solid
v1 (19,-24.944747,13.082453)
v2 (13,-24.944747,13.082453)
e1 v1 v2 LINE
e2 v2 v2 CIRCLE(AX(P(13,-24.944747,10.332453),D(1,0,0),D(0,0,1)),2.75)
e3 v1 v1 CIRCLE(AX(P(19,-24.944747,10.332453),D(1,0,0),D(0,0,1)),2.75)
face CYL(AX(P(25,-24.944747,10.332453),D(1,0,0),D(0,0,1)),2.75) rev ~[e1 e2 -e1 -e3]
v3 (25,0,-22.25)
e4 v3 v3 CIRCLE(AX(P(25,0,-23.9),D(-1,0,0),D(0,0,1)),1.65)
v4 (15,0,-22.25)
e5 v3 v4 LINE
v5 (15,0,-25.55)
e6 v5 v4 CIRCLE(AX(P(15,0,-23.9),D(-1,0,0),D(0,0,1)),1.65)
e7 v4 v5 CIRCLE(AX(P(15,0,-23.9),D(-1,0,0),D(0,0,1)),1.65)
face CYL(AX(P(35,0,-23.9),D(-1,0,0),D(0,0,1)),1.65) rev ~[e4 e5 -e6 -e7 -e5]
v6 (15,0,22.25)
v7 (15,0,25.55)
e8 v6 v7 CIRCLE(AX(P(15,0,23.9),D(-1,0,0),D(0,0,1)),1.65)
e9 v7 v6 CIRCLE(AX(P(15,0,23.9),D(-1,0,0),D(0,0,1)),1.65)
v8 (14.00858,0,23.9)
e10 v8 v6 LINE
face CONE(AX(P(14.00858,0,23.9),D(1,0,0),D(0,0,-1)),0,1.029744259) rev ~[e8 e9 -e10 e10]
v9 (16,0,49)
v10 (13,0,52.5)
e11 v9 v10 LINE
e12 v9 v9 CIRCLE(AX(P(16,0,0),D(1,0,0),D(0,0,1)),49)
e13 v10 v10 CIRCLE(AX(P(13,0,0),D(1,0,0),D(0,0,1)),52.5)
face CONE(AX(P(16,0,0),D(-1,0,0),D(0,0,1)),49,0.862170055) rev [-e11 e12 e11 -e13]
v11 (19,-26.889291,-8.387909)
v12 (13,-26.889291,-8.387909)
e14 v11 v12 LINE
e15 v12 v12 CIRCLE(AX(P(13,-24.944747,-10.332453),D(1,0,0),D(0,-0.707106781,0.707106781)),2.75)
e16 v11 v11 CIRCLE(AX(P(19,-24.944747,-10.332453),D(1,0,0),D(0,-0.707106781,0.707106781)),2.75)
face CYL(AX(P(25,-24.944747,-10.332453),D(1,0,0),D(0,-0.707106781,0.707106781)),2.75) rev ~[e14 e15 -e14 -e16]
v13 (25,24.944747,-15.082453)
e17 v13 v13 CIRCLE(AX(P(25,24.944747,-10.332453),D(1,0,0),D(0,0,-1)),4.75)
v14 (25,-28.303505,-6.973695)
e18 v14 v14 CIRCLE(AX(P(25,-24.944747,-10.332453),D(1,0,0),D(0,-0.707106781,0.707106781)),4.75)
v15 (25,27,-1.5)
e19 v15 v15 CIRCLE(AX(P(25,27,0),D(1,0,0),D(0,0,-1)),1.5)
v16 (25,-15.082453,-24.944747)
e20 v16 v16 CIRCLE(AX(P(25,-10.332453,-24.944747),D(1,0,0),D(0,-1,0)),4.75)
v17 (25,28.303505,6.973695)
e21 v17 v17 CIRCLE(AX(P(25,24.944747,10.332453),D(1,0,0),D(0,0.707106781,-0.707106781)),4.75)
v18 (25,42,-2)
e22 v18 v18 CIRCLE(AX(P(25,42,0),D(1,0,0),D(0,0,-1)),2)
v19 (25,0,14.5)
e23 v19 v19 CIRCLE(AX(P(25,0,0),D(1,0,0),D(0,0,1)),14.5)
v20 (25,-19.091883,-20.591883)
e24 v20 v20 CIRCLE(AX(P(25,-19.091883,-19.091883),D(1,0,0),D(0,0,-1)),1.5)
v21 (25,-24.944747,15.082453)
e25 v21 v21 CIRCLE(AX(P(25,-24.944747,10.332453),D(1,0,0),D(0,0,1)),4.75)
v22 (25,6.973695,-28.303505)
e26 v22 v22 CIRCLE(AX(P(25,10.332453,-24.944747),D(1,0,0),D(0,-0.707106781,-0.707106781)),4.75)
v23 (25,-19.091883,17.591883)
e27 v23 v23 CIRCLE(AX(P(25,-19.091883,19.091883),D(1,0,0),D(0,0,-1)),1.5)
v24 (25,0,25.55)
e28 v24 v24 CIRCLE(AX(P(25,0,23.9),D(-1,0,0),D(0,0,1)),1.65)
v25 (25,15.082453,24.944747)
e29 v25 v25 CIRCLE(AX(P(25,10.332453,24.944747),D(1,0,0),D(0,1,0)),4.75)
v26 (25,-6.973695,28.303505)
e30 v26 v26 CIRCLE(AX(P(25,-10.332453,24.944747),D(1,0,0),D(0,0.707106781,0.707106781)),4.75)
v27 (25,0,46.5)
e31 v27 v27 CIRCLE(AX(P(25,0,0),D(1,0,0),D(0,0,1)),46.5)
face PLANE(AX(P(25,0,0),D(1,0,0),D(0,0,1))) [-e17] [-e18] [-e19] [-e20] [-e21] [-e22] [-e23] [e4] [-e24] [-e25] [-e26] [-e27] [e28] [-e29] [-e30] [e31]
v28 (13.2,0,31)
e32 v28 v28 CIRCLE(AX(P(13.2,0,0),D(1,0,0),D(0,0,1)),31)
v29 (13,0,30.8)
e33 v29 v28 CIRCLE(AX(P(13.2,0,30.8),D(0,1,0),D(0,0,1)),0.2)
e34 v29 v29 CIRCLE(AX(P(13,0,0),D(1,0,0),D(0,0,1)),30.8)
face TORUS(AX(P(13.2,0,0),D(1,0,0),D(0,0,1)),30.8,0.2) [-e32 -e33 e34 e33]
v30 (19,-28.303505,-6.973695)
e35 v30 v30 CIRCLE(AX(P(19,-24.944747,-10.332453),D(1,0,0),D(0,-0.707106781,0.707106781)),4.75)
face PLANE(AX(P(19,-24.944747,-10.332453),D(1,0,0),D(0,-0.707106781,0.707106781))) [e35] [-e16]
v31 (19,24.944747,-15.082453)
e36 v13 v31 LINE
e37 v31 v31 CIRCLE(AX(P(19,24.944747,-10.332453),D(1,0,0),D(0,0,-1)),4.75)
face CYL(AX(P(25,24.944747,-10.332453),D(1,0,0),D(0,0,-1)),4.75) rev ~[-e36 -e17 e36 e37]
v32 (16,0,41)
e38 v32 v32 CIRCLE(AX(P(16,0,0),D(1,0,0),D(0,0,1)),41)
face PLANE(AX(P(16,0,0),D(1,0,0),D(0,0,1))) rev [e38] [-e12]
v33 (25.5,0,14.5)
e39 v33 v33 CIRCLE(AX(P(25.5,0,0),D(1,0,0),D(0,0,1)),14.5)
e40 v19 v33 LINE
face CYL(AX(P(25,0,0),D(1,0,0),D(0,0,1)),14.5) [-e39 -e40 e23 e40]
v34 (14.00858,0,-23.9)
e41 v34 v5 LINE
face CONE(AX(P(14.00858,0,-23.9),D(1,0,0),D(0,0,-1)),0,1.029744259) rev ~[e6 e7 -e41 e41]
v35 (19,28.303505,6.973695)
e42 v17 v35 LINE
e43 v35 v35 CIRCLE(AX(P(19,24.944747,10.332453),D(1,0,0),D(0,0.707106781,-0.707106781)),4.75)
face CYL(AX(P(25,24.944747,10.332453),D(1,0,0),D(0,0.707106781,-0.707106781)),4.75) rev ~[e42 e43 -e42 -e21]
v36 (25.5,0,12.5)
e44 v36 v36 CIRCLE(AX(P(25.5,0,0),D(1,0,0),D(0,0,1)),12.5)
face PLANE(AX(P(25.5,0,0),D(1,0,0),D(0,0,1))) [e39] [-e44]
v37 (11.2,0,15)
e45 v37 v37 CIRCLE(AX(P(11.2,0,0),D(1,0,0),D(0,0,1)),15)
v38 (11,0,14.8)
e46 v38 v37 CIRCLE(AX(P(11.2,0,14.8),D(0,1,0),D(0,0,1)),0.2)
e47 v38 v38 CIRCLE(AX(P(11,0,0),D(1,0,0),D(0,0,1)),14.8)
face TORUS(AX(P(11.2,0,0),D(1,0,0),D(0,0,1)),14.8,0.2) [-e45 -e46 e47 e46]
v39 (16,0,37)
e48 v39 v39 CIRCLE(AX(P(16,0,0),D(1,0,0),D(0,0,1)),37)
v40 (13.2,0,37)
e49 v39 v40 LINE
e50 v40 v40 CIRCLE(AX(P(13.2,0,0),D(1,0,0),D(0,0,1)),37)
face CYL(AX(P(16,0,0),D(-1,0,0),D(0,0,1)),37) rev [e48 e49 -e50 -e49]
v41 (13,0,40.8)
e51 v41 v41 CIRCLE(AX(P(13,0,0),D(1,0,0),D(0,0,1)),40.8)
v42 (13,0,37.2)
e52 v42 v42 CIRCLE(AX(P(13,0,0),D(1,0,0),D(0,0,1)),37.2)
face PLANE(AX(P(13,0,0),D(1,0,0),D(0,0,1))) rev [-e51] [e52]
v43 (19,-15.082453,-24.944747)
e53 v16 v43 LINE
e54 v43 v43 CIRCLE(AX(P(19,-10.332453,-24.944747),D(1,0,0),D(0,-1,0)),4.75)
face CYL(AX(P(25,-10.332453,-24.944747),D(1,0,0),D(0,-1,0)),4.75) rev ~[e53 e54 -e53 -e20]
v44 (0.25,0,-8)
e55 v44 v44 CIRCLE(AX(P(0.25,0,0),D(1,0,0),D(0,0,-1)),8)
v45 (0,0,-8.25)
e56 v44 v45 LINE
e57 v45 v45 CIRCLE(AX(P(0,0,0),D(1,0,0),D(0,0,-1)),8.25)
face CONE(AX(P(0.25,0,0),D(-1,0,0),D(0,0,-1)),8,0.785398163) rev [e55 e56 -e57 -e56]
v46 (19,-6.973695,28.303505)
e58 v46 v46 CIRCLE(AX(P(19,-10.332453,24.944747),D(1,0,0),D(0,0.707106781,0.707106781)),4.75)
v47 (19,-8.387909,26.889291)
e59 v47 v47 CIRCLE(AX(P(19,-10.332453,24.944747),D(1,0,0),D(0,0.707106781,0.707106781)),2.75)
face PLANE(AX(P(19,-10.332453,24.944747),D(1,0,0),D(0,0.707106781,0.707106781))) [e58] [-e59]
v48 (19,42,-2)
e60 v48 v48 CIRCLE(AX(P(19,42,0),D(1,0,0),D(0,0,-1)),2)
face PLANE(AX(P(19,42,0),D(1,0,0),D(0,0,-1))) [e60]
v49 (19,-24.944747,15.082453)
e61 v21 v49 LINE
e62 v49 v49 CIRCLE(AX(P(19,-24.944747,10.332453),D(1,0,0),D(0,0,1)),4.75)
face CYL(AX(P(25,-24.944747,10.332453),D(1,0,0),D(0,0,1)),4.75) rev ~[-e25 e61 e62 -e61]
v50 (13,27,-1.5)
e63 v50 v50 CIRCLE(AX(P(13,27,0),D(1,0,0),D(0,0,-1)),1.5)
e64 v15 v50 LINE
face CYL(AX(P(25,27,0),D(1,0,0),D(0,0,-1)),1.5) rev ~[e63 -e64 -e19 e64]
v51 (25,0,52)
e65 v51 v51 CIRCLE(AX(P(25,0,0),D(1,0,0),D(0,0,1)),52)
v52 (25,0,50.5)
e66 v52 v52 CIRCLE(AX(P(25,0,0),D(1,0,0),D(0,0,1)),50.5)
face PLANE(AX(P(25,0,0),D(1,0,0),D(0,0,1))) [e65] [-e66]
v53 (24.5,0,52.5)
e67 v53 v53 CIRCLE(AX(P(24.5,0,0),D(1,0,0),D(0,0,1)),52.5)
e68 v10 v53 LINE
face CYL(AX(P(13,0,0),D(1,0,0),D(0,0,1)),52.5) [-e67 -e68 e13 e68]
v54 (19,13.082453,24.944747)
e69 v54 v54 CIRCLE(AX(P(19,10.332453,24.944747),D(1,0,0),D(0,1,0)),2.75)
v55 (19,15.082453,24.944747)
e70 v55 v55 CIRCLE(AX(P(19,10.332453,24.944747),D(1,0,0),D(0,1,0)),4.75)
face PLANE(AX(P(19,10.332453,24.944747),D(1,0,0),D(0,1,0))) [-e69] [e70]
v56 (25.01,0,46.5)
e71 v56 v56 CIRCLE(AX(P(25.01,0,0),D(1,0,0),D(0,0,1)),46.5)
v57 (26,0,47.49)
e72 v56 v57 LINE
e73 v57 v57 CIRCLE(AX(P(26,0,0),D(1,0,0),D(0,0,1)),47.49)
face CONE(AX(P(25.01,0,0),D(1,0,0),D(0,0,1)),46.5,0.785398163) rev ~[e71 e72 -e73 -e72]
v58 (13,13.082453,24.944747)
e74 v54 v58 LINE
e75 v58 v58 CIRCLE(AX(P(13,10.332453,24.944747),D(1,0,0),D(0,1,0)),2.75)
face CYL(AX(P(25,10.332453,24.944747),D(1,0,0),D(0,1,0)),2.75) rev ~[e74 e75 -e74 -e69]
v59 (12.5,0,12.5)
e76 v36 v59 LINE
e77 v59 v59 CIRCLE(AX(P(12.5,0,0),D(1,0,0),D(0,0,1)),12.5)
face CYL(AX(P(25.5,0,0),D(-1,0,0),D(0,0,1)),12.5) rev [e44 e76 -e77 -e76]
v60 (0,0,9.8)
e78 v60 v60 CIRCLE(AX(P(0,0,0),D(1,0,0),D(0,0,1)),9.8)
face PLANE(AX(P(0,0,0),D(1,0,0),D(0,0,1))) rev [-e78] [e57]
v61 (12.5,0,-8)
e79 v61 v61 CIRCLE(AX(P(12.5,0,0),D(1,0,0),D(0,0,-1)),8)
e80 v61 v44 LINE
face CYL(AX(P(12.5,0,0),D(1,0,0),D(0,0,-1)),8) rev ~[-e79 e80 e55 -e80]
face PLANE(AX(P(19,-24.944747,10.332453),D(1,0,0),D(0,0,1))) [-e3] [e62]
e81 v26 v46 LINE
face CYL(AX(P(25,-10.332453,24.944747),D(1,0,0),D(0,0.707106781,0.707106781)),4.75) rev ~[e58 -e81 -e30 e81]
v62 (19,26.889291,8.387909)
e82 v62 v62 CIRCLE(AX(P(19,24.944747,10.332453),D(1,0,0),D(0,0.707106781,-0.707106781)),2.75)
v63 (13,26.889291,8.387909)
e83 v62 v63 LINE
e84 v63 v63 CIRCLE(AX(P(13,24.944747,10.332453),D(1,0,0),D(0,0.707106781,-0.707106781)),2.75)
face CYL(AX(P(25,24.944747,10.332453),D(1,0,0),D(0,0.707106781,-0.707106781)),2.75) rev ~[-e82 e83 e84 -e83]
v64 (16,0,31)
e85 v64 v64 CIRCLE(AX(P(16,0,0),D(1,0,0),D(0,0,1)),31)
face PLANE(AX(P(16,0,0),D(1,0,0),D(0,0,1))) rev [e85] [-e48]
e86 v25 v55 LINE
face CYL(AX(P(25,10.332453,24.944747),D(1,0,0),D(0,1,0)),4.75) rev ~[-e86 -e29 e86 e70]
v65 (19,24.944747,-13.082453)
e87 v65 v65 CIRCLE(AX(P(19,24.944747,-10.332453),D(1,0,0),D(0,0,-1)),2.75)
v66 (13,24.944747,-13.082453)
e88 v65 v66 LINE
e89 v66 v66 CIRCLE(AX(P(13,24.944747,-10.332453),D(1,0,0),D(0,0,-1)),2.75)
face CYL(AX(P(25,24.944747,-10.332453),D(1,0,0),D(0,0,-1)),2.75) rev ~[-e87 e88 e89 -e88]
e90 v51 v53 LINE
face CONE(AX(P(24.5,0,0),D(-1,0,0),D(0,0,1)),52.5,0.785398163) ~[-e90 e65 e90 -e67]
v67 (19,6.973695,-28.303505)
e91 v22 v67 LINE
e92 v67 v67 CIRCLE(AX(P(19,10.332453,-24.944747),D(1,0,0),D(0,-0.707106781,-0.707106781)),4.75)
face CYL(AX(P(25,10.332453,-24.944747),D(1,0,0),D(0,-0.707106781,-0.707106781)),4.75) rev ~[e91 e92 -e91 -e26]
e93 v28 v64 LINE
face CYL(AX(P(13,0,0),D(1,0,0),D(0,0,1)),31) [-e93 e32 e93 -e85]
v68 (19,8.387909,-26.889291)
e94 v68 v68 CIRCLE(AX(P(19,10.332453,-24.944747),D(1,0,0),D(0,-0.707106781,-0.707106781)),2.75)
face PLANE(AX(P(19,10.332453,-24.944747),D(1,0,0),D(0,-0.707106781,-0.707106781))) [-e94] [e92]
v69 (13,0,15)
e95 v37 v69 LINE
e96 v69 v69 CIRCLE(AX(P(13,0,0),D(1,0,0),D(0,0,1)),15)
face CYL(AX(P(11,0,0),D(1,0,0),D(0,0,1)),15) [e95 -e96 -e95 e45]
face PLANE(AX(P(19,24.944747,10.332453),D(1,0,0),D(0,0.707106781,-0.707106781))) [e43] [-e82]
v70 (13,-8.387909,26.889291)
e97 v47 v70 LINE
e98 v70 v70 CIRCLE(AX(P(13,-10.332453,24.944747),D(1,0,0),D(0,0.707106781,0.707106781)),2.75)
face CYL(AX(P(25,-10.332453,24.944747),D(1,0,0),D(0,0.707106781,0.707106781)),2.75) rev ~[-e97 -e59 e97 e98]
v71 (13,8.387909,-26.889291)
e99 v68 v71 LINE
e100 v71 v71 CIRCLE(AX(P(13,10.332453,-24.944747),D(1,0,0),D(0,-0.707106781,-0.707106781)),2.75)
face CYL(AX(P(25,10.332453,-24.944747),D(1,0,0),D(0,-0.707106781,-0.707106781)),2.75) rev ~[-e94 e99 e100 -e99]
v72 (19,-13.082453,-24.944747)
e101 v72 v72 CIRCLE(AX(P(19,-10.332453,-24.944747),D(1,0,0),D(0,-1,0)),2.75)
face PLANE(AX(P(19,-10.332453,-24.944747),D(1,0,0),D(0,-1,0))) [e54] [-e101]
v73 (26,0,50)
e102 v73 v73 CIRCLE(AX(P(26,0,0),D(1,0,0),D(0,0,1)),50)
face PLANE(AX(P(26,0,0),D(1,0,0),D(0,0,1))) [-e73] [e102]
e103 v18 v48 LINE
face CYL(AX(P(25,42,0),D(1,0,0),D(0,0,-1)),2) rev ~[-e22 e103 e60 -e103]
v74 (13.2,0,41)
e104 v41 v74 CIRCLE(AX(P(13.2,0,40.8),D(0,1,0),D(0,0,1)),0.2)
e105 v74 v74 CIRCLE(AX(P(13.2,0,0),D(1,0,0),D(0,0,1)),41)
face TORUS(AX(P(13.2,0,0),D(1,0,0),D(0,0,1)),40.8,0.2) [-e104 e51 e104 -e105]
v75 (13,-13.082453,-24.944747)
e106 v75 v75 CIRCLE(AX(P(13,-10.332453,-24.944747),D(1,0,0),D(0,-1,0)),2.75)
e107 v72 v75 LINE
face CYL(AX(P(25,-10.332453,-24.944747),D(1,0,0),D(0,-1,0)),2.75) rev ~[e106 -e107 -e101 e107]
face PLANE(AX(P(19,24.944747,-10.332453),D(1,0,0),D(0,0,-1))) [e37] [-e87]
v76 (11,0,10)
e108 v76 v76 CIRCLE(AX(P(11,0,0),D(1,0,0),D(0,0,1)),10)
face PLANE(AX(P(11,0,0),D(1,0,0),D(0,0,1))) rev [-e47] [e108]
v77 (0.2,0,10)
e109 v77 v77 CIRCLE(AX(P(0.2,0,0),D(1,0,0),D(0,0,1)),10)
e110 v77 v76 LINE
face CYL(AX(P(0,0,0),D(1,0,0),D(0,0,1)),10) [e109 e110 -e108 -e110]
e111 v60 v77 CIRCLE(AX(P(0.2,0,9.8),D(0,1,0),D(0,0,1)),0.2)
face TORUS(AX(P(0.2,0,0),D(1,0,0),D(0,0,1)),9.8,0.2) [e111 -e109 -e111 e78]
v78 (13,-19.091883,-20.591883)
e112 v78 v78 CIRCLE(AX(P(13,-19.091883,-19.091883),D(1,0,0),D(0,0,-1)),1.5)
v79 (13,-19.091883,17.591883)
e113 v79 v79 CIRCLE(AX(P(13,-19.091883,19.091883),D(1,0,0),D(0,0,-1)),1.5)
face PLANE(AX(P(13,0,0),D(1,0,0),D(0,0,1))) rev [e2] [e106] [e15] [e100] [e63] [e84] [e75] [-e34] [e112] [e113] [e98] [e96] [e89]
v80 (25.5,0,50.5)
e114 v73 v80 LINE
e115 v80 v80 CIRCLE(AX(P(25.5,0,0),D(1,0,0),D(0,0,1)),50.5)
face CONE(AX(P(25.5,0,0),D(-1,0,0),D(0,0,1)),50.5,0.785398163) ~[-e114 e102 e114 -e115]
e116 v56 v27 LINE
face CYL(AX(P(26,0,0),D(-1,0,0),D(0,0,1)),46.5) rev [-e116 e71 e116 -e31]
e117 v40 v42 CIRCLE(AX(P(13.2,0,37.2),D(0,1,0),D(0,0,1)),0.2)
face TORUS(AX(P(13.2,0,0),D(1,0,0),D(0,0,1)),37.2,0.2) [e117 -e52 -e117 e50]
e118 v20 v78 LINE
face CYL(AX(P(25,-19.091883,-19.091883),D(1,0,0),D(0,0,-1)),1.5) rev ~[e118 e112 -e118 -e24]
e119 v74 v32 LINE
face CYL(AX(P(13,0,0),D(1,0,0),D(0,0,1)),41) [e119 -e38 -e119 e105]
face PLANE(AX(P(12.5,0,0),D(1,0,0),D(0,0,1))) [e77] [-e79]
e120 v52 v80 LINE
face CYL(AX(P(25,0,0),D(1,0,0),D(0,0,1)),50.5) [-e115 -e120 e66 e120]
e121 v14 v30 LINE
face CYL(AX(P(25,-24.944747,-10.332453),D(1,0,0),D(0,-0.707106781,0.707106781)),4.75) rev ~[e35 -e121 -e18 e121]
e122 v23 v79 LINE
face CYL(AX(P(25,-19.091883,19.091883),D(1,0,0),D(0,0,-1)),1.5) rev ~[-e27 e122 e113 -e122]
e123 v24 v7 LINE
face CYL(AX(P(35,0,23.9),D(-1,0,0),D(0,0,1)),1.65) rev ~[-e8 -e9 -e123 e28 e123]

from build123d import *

# Parameters (mm, degrees)
SKIZZE22_R                            = 12.5
SCHNITT_LINEAR_AUSTRAGEN16_DEPTH      = 12.5
SCHNITT_LINEAR_AUSTRAGEN17_REACH      = 27
SKIZZE23_R                            = 1.5
SKIZZE24_R                            = 2.75
SCHNITT_LINEAR_AUSTRAGEN18_DEPTH      = 26
KREISMUSTER4_COUNT                    = 8
SKIZZE25_R                            = 4.75
SCHNITT_LINEAR_AUSTRAGEN19_DEPTH      = 6
KREISMUSTER5_COUNT                    = 8
SKIZZE26_R                            = 2
SCHNITT_LINEAR_AUSTRAGEN20_DEPTH      = 2
SCHNITT_LINEAR_AUSTRAGEN20_DEPTH_BACK = 6
SKIZZE27_R                            = 8
SCHNITT_LINEAR_AUSTRAGEN21_DEPTH      = 13.5
VERRUNDUNG8_R                         = 0.2
VERRUNDUNG9_R                         = 0.2
FASE6_SIZE                            = 0.99
M4_GEWINDEBOHRUNG1_D                  = 3.3
M4_GEWINDEBOHRUNG1_DEPTH              = 10
M4_GEWINDEBOHRUNG1_TIP                = 0.991420021
FASE7_SIZE                            = 0.5
FASE8_SIZE                            = 0.25


with BuildPart() as part:
    # Skizze1 → Rotation1 (revolve)
    with BuildSketch(Plane.XY, mode=Mode.PRIVATE) as rotation1_sk:
        Polygon((0, 0), (0, -10), (11, -10), (11, -15), (13, -15), (13, -31), (16, -31), (16, -37), (13, -37), (13, -41), (16, -41), (16, -49), (13, -52.5), (25, -52.5), (25, -50.5), (26, -50.5), (26, -46.5), (25, -46.5), (25, -14.5), (25.5, -14.5), (25.5, -12.5), (25, -12.5), (25, 0), align=None)
    revolve(rotation1_sk.sketch.rotate(Axis((-20.806451613, 0, 0), (1, 0, 0)), 270), axis=Axis((-20.806451613, 0, 0), (1, 0, 0)))  # turned: the seam where the file's is

    # Skizze22 → Schnitt-Linear austragen16 (cut)
    with BuildSketch(Plane(origin=(25, 0, 0), x_dir=(0, 0, -1), z_dir=(1, 0, 0))):
        with Locations(Location((0, 0, 0), (0, 0, 180))):  # turned: the seam where the file's is
            Circle(SKIZZE22_R)
    extrude(amount=-SCHNITT_LINEAR_AUSTRAGEN16_DEPTH, mode=Mode.SUBTRACT)

    # Skizze23 → Schnitt-Linear austragen17 (cut, up to next)
    with BuildSketch(Plane(origin=(25, 0, 0), x_dir=(0, 0, -1), z_dir=(1, 0, 0)), mode=Mode.PRIVATE) as schnitt_linear_austragen17_sk1:
        with Locations((0, 27)):
            Circle(SKIZZE23_R)
    schnitt_linear_austragen17_tool1 = extrude(schnitt_linear_austragen17_sk1.sketch, amount=-SCHNITT_LINEAR_AUSTRAGEN17_REACH, mode=Mode.PRIVATE) & part.part
    add(schnitt_linear_austragen17_tool1.solids().sort_by_distance((25, 27, 0))[0], mode=Mode.SUBTRACT)
    # Skizze23 → Schnitt-Linear austragen17 (cut, up to next)
    with BuildSketch(Plane(origin=(25, 0, 0), x_dir=(0, 0, -1), z_dir=(1, 0, 0)), mode=Mode.PRIVATE) as schnitt_linear_austragen17_sk2:
        with Locations((-19.091883092, -19.091883092)):
            Circle(SKIZZE23_R)
    schnitt_linear_austragen17_tool2 = extrude(schnitt_linear_austragen17_sk2.sketch, amount=-SCHNITT_LINEAR_AUSTRAGEN17_REACH, mode=Mode.PRIVATE) & part.part
    add(schnitt_linear_austragen17_tool2.solids().sort_by_distance((25, -19.091883, 19.091883))[0], mode=Mode.SUBTRACT)
    # Skizze23 → Schnitt-Linear austragen17 (cut, up to next)
    with BuildSketch(Plane(origin=(25, 0, 0), x_dir=(0, 0, -1), z_dir=(1, 0, 0)), mode=Mode.PRIVATE) as schnitt_linear_austragen17_sk3:
        with Locations((19.091883092, -19.091883092)):
            Circle(SKIZZE23_R)
    schnitt_linear_austragen17_tool3 = extrude(schnitt_linear_austragen17_sk3.sketch, amount=-SCHNITT_LINEAR_AUSTRAGEN17_REACH, mode=Mode.PRIVATE) & part.part
    add(schnitt_linear_austragen17_tool3.solids().sort_by_distance((25, -19.091883, -19.091883))[0], mode=Mode.SUBTRACT)

    # Skizze24 → Schnitt-Linear austragen18 (cut, through all)
    with BuildSketch(Plane(origin=(25, 0, 0), x_dir=(0, 0, -1), z_dir=(1, 0, 0))):
        with Locations((10.332452674, 24.944747378)):
            Circle(SKIZZE24_R)
    schnitt_linear_austragen18 = extrude(amount=-SCHNITT_LINEAR_AUSTRAGEN18_DEPTH, mode=Mode.SUBTRACT)

    # Kreismuster4: Schnitt-Linear austragen18 ×8 about axis
    kreismuster4_axis = Axis((0, 0, 0), (1, 0, 0))
    for i in range(1, KREISMUSTER4_COUNT):
        add(schnitt_linear_austragen18.rotate(kreismuster4_axis, i * 360 / KREISMUSTER4_COUNT), mode=Mode.SUBTRACT)

    # Skizze25 → Schnitt-Linear austragen19 (cut)
    with BuildSketch(Plane(origin=(25, 0, 0), x_dir=(0, 0, -1), z_dir=(1, 0, 0))):
        with Locations((10.332452674, 24.944747378)):
            Circle(SKIZZE25_R)
    schnitt_linear_austragen19 = extrude(amount=-SCHNITT_LINEAR_AUSTRAGEN19_DEPTH, mode=Mode.SUBTRACT)

    # Kreismuster5: Schnitt-Linear austragen19 ×8 about axis
    kreismuster5_axis = Axis((0, 0, 0), (1, 0, 0))
    for i in range(1, KREISMUSTER5_COUNT):
        add(schnitt_linear_austragen19.rotate(kreismuster5_axis, i * 360 / KREISMUSTER5_COUNT), mode=Mode.SUBTRACT)

    # Skizze26 → Schnitt-Linear austragen20 (cut, two sides)
    with BuildSketch(Plane(origin=(25, 0, 0), x_dir=(0, 0, -1), z_dir=(1, 0, 0))) as schnitt_linear_austragen20_sk:
        with Locations((0, 42)):
            Circle(SKIZZE26_R)
    extrude(amount=SCHNITT_LINEAR_AUSTRAGEN20_DEPTH, mode=Mode.SUBTRACT)
    extrude(schnitt_linear_austragen20_sk.sketch, amount=-SCHNITT_LINEAR_AUSTRAGEN20_DEPTH_BACK, mode=Mode.SUBTRACT)

    # Skizze27 → Schnitt-Linear austragen21 (cut, through all)
    with BuildSketch(Plane(origin=(12.5, 0, 0), x_dir=(0, 0, -1), z_dir=(1, 0, 0))):
        Circle(SKIZZE27_R)
    extrude(amount=-SCHNITT_LINEAR_AUSTRAGEN21_DEPTH, mode=Mode.SUBTRACT)

    # Verrundung8
    verrundung8_edges = [part.edges().sort_by_distance(p)[0] for p in [
        (13, 0, -31),
        (11, 0, -15),
        (0, 0, -10),
    ]]
    fillet(verrundung8_edges, radius=VERRUNDUNG8_R)

    # Verrundung9
    verrundung9_edges = [part.edges().sort_by_distance(p)[0] for p in [
        (13, 0, -41),
        (13, 0, -37),
    ]]
    fillet(verrundung9_edges, radius=VERRUNDUNG9_R)

    # Fase6
    fase6_edges = [part.edges().sort_by_distance(p)[0] for p in [
        (26, 0, -46.5),
    ]]
    chamfer(fase6_edges, length=FASE6_SIZE)

    # M4 Gewindebohrung1
    with Locations(Plane(origin=(25, 0, 0), x_dir=(0, 0, -1), z_dir=(1, 0, 0))):
        with Locations((-23.9, 0), (23.9, 0)):
            Hole(M4_GEWINDEBOHRUNG1_D / 2, depth=M4_GEWINDEBOHRUNG1_DEPTH)
            with Locations((0, 0, -(M4_GEWINDEBOHRUNG1_DEPTH + M4_GEWINDEBOHRUNG1_TIP / 2))):  # 118° drill point
                Cone(0, M4_GEWINDEBOHRUNG1_D / 2, M4_GEWINDEBOHRUNG1_TIP, mode=Mode.SUBTRACT)

    # Fase7
    fase7_edges = [part.edges().sort_by_distance(p)[0] for p in [
        (26, 0, -50.5),
        (25, 0, -52.5),
    ]]
    chamfer(fase7_edges, length=FASE7_SIZE)

    # Fase8
    fase8_edges = [part.edges().sort_by_distance(p)[0] for p in [
        (0, 0, 8),
    ]]
    chamfer(fase8_edges, length=FASE8_SIZE)


solid = part.part
